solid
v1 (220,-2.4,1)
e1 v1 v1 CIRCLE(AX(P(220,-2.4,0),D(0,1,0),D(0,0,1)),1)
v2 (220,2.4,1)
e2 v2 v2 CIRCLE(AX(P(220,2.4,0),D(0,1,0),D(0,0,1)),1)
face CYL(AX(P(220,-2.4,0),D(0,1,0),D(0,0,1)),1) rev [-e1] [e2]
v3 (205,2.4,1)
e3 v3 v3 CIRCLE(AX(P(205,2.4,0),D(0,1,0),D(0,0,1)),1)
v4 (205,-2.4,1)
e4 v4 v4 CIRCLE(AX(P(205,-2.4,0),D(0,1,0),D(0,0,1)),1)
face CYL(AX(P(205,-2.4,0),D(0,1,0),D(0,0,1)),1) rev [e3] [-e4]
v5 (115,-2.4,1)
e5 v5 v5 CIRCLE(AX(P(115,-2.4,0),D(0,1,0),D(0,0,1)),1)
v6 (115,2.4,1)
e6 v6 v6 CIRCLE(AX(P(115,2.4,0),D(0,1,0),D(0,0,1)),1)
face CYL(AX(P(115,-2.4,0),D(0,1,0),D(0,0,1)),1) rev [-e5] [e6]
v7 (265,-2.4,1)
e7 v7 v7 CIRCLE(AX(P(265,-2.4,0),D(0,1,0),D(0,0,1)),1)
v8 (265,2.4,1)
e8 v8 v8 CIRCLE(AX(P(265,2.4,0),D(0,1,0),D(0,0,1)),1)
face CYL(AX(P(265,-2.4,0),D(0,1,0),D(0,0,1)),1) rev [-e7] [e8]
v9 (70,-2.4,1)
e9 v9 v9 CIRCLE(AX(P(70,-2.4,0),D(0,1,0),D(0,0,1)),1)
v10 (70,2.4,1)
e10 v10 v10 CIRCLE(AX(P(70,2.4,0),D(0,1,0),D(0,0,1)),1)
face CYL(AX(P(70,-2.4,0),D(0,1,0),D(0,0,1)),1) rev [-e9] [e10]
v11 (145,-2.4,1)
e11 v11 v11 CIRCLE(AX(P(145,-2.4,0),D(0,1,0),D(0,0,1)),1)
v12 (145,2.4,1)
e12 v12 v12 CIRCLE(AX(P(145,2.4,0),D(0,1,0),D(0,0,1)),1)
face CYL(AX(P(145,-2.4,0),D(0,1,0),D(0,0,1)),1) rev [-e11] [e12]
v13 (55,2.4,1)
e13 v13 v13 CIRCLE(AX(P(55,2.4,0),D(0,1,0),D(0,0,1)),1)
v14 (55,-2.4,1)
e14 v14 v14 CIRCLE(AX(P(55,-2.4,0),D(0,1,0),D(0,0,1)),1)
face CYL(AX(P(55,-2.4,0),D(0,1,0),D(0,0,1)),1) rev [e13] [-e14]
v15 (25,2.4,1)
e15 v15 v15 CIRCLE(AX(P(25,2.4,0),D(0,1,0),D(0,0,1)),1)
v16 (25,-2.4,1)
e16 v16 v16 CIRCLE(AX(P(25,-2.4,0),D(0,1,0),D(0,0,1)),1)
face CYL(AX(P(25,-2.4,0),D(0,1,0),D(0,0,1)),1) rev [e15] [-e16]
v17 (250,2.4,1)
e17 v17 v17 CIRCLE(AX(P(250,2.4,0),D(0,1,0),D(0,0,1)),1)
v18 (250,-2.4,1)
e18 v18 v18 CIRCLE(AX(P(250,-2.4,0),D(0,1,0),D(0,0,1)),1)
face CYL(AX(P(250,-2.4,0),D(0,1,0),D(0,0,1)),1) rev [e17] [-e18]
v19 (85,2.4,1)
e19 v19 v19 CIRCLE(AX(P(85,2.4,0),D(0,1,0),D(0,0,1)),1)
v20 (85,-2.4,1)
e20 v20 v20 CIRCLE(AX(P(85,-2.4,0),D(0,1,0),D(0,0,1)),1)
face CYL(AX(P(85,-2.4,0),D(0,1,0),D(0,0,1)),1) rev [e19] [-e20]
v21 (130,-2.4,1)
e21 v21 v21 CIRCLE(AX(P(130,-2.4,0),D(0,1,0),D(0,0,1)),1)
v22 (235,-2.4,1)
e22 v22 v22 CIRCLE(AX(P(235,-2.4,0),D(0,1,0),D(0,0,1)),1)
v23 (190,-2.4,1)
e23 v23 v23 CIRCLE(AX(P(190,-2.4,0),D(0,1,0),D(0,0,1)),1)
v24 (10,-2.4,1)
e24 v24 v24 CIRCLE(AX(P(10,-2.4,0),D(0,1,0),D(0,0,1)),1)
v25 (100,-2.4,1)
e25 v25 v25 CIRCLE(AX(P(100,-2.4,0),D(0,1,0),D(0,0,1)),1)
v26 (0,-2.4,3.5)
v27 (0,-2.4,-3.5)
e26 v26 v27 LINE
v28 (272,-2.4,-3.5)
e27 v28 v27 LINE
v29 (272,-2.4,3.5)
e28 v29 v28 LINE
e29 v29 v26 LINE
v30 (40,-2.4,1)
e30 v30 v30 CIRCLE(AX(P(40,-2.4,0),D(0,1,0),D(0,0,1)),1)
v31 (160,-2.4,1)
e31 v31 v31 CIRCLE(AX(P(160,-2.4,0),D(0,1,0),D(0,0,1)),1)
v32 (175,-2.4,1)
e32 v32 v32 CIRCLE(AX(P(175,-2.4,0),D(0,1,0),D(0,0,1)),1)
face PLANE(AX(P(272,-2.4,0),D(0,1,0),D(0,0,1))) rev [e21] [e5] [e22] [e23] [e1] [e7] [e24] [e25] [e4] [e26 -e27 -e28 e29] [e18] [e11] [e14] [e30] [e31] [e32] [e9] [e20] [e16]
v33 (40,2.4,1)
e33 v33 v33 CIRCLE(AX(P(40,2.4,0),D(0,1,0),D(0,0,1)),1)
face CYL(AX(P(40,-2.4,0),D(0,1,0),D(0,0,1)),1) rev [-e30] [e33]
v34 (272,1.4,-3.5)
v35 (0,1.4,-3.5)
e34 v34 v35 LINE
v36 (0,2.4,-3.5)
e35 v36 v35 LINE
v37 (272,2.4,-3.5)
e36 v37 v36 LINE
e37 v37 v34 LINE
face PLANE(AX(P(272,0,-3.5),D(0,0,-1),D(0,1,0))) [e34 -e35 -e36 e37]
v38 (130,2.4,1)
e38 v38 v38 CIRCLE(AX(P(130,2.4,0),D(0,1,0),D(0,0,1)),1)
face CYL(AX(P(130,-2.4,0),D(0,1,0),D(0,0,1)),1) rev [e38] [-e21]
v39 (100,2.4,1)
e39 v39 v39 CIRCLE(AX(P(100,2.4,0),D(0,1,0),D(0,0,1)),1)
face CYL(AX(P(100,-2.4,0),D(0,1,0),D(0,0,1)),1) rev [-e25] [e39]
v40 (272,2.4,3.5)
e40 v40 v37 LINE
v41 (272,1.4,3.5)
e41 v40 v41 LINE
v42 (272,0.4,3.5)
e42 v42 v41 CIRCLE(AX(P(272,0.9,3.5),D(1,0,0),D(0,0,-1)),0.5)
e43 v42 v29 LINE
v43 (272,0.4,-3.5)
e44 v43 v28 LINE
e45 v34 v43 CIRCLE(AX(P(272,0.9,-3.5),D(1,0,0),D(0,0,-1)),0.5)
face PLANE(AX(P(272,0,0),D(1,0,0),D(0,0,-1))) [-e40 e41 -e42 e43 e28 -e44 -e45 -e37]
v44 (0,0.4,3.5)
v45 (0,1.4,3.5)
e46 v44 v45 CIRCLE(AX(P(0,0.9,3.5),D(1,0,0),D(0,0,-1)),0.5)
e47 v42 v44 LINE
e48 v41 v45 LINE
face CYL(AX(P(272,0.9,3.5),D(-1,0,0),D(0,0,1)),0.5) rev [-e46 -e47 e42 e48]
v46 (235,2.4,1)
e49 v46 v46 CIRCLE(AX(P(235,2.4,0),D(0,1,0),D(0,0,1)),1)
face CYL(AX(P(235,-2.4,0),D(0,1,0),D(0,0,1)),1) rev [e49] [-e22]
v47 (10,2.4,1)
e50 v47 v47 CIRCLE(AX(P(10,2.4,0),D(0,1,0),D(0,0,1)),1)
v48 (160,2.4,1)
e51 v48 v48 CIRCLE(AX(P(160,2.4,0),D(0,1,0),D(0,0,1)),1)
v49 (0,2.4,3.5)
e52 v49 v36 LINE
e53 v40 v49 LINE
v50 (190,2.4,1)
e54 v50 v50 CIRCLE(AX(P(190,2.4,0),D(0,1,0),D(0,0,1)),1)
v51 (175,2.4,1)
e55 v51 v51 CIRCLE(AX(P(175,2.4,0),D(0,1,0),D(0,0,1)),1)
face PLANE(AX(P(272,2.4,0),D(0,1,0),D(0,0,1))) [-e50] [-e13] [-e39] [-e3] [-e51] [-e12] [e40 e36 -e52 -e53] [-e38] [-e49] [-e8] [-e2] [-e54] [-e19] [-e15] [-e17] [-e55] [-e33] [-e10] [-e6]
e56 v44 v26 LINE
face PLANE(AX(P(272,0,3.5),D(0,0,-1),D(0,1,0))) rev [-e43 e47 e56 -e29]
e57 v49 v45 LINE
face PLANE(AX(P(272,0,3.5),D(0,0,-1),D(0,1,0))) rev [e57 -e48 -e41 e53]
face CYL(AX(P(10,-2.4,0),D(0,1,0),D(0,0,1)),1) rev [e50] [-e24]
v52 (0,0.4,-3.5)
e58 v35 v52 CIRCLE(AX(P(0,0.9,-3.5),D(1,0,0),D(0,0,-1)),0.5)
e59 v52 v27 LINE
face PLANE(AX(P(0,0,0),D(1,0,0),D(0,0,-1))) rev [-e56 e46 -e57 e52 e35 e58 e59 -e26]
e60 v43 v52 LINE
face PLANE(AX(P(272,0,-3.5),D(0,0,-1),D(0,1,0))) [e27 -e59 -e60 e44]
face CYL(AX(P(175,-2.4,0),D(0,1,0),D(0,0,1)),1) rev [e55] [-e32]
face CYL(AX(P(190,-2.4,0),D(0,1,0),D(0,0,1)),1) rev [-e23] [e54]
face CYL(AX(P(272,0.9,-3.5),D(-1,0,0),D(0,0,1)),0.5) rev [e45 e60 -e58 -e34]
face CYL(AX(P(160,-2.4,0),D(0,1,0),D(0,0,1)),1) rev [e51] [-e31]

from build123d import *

# Parameters (mm, degrees)
BOSS_EXTRUDE1_DEPTH = 272
SKETCH2_R           = 1
CUT_EXTRUDE1_DEPTH  = 5.8


with BuildPart() as part:
    # Sketch1 → Boss-Extrude1 (new body)
    with BuildSketch(Plane(origin=(0, 0, 0), x_dir=(0, 0, -1), z_dir=(1, 0, 0))):
        with BuildLine():
            Line((3.5, 2.4), (-3.5, 2.4))
            Line((-3.5, 2.4), (-3.5, 1.4))
            ThreePointArc((-3.5, 1.4), (-3.146446609, 1.253553391), (-3, 0.9))
            ThreePointArc((-3, 0.9), (-3.146446609, 0.546446609), (-3.5, 0.4))
            Line((-3.5, 0.4), (-3.5, -2.4))
            Line((-3.5, -2.4), (3.5, -2.4))
            Line((3.5, -2.4), (3.5, 0.4))
            ThreePointArc((3.5, 0.4), (3, 0.9), (3.5, 1.4))
            Line((3.5, 1.4), (3.5, 2.4))
        make_face()
    extrude(amount=BOSS_EXTRUDE1_DEPTH)

    # Sketch2 → Cut-Extrude1 (cut, through all)
    with BuildSketch(Plane(origin=(0, 2.4, 0), x_dir=(1, 0, 0), z_dir=(0, 1, 0))):
        with Locations((10, 0)):
            Circle(SKETCH2_R)
        with Locations((25, 0)):
            Circle(SKETCH2_R)
        with Locations((40, 0)):
            Circle(SKETCH2_R)
        with Locations((55, 0)):
            Circle(SKETCH2_R)
        with Locations((70, 0)):
            Circle(SKETCH2_R)
        with Locations((85, 0)):
            Circle(SKETCH2_R)
        with Locations((100, 0)):
            Circle(SKETCH2_R)
        with Locations((115, 0)):
            Circle(SKETCH2_R)
        with Locations((130, 0)):
            Circle(SKETCH2_R)
        with Locations((145, 0)):
            Circle(SKETCH2_R)
        with Locations((160, 0)):
            Circle(SKETCH2_R)
        with Locations((175, 0)):
            Circle(SKETCH2_R)
        with Locations((190, 0)):
            Circle(SKETCH2_R)
        with Locations((205, 0)):
            Circle(SKETCH2_R)
        with Locations((220, 0)):
            Circle(SKETCH2_R)
        with Locations((235, 0)):
            Circle(SKETCH2_R)
        with Locations((250, 0)):
            Circle(SKETCH2_R)
        with Locations((265, 0)):
            Circle(SKETCH2_R)
        with Locations((280, 0)):
            Circle(SKETCH2_R)
        with Locations((295, 0)):
            Circle(SKETCH2_R)
        with Locations((310, 0)):
            Circle(SKETCH2_R)
        with Locations((325, 0)):
            Circle(SKETCH2_R)
        with Locations((340, 0)):
            Circle(SKETCH2_R)
        with Locations((355, 0)):
            Circle(SKETCH2_R)
        with Locations((370, 0)):
            Circle(SKETCH2_R)
        with Locations((385, 0)):
            Circle(SKETCH2_R)
        with Locations((400, 0)):
            Circle(SKETCH2_R)
        with Locations((415, 0)):
            Circle(SKETCH2_R)
        with Locations((430, 0)):
            Circle(SKETCH2_R)
        with Locations((445, 0)):
            Circle(SKETCH2_R)
        with Locations((460, 0)):
            Circle(SKETCH2_R)
    extrude(amount=-CUT_EXTRUDE1_DEPTH, mode=Mode.SUBTRACT)


solid = part.part
